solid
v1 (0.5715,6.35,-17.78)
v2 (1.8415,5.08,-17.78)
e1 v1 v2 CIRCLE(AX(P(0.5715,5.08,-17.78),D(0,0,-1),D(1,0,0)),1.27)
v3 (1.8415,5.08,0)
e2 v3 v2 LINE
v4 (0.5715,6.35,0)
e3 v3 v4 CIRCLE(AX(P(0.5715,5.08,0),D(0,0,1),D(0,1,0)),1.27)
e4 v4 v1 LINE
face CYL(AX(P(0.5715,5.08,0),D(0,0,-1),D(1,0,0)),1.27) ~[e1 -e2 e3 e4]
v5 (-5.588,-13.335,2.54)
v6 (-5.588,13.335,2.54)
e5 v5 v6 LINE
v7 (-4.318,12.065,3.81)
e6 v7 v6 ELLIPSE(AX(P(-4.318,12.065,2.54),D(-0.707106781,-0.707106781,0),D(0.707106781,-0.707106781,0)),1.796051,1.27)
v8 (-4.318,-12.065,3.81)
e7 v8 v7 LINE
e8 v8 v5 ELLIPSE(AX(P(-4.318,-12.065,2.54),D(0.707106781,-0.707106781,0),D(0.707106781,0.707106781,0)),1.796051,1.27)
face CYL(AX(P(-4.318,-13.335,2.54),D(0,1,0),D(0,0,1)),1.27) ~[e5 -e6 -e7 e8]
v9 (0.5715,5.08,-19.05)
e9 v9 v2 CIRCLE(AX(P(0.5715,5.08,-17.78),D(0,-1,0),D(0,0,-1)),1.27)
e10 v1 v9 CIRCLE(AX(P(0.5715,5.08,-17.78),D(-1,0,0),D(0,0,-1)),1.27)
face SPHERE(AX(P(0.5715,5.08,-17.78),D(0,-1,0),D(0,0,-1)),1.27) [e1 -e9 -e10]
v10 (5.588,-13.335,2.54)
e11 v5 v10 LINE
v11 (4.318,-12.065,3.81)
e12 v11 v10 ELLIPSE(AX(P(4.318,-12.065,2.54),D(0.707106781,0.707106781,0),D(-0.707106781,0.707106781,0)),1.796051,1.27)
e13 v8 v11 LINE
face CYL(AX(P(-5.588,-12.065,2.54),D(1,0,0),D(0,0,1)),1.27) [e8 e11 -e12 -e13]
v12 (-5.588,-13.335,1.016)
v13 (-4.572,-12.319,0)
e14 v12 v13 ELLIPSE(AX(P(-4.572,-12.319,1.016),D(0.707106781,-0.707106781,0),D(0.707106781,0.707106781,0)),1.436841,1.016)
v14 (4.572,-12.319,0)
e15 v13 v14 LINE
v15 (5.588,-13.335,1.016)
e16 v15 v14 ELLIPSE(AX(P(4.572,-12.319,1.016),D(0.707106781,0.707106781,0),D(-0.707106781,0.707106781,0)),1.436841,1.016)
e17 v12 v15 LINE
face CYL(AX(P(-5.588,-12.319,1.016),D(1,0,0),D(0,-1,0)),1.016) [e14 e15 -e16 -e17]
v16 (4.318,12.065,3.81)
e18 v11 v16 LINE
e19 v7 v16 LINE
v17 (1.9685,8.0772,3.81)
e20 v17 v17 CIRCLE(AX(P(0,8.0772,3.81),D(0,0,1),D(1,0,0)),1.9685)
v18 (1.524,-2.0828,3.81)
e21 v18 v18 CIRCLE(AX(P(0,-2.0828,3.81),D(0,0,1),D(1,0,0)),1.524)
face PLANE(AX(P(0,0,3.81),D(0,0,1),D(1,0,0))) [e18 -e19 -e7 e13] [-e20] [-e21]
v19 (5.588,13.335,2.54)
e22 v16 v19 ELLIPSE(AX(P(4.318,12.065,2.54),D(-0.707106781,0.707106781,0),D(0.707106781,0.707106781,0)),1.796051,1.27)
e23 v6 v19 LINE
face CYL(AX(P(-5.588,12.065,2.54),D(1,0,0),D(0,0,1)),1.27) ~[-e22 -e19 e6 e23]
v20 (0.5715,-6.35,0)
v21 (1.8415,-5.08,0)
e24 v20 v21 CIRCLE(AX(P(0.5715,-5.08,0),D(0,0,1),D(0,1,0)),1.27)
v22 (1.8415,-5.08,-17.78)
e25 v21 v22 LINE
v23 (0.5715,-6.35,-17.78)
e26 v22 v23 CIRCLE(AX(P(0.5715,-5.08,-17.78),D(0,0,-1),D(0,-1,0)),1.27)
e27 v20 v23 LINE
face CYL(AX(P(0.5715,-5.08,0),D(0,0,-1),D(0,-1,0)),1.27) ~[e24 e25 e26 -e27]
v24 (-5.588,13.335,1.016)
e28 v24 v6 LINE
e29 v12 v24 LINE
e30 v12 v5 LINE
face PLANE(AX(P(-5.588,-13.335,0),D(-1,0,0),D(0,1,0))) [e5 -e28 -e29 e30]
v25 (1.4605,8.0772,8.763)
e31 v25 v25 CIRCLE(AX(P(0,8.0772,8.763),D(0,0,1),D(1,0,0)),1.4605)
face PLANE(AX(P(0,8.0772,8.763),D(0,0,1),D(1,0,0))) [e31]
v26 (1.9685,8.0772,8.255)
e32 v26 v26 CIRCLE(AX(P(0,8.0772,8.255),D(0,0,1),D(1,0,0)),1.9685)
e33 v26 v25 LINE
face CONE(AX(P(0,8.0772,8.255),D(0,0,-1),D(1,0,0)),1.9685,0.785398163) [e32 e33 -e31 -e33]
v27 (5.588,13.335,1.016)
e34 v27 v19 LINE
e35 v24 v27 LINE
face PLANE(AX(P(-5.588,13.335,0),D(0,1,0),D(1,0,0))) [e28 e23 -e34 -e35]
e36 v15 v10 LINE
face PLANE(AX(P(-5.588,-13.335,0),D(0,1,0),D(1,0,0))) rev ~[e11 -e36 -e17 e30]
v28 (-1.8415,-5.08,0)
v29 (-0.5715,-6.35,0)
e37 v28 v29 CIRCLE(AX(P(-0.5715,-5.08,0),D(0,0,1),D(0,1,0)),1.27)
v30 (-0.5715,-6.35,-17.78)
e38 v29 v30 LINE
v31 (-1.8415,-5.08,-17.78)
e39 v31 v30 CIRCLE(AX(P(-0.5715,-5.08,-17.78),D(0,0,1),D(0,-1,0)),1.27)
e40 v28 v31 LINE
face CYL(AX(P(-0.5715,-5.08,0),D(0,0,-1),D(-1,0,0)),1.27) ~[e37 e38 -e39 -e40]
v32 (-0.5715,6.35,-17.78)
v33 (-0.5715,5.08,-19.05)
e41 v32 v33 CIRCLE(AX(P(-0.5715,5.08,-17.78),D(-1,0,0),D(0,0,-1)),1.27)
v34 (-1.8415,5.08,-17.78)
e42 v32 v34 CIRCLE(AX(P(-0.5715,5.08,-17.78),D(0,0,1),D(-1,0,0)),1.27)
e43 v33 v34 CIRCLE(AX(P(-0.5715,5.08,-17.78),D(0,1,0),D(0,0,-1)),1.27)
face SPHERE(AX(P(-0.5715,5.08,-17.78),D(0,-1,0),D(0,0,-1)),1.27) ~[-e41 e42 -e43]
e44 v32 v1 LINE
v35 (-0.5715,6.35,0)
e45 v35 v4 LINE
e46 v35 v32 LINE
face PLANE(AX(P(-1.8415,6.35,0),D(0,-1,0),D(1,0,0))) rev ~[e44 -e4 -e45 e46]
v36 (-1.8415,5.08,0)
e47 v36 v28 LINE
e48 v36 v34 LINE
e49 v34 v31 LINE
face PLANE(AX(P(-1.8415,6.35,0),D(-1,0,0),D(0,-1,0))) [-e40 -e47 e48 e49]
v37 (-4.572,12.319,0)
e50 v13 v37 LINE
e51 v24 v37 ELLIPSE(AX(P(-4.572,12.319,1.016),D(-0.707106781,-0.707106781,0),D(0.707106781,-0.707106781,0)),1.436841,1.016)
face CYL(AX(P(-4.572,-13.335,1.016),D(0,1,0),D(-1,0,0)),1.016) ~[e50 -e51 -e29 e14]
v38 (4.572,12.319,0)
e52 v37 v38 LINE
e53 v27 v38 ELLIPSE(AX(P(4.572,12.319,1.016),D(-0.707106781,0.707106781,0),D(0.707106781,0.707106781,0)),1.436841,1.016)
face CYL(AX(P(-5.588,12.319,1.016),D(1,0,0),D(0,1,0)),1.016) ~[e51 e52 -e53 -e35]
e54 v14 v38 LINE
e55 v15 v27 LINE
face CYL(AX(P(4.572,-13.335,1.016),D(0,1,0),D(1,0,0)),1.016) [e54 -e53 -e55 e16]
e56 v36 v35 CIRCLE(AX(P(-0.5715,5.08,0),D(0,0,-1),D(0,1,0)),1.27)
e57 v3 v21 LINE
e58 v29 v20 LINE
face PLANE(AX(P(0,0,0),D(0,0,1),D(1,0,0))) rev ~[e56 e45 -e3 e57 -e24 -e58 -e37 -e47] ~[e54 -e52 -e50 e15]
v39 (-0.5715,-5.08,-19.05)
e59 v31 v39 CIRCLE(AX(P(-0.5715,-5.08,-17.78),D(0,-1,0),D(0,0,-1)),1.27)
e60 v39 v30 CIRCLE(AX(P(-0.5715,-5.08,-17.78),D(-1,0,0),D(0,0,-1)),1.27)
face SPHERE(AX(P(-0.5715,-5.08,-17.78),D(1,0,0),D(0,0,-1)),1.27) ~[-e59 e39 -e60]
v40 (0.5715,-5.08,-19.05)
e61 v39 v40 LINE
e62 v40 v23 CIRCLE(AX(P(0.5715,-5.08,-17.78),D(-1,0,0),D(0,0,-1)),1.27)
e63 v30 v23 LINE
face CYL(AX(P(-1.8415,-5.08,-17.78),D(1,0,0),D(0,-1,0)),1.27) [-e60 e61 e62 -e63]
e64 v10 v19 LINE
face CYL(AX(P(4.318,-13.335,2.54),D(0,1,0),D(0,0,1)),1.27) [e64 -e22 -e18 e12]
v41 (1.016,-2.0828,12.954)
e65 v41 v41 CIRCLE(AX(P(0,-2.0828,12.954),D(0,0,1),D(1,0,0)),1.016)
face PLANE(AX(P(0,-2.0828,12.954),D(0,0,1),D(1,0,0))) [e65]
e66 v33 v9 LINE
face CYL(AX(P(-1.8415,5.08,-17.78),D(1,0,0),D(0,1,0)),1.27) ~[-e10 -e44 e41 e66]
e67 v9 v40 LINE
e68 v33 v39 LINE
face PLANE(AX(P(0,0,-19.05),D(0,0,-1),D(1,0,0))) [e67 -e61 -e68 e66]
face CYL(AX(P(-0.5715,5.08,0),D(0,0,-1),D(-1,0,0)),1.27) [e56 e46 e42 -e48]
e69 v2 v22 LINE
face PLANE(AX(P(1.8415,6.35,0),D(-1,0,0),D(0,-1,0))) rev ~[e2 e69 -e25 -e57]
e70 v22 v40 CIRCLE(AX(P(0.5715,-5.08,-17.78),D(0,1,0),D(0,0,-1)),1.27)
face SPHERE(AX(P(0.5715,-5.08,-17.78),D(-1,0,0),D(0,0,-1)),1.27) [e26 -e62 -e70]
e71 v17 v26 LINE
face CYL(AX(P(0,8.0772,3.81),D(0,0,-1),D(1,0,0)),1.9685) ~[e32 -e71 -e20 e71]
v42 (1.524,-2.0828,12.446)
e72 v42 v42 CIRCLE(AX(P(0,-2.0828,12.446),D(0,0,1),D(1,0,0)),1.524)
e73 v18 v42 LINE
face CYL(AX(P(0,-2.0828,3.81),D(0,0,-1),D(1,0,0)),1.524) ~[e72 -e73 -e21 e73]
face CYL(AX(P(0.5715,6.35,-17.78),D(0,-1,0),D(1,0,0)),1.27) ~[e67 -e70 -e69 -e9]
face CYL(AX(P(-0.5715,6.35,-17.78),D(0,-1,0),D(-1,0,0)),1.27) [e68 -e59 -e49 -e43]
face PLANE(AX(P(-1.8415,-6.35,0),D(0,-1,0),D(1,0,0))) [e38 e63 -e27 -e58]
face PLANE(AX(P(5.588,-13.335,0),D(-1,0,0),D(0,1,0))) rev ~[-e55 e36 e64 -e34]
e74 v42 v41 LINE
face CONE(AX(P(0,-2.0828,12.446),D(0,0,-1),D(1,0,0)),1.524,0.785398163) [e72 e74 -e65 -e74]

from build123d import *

# Parameters (mm, degrees)
F0_W     = 11.176
F0_H     = 26.67
F1_DEPTH = 3.81
F2_R     = 1.9685
F3_DEPTH = 4.953
F2_R_2   = 1.524
F4_DEPTH = 9.144
F5_SIZE  = 0.508
F6_R     = 1.27
F7_R     = 1.016
F8_W     = 3.683
F8_H     = 12.7
F9_DEPTH = 19.05
F10_R    = 1.27


with BuildPart() as f1:
    # F0 (on Top) → F1 (new body)
    with BuildSketch(Plane.XY):
        Rectangle(F0_W, F0_H)
    extrude(amount=F1_DEPTH)

    # F2 (on face) → F3 (join)
    with BuildSketch(Plane.XY.offset(3.81)):
        with Locations((0, 8.0772)):
            Circle(F2_R)
    extrude(amount=F3_DEPTH)

    # F2 (on face) → F4 (join)
    with BuildSketch(Plane.XY.offset(3.81)):
        with Locations((0, -2.0828)):
            Circle(F2_R_2)
    extrude(amount=F4_DEPTH)

    # F5
    f5_edges = [f1.edges().sort_by_distance(p)[0] for p in [
        (-1.9685, 8.0772, 8.763),
        (-1.524, -2.0828, 12.954),
    ]]
    chamfer(f5_edges, length=F5_SIZE)

    # F6
    f6_edges = [f1.edges().sort_by_distance(p)[0] for p in [
        (0, 13.335, 3.81),
        (5.588, 0, 3.81),
        (0, -13.335, 3.81),
        (-5.588, 0, 3.81),
    ]]
    fillet(f6_edges, radius=F6_R)

    # F7
    f7_edges = [f1.edges().sort_by_distance(p)[0] for p in [
        (0, 13.335, 0),
        (5.588, 0, 0),
        (0, -13.335, 0),
        (-5.588, 0, 0),
    ]]
    fillet(f7_edges, radius=F7_R)

    # F8 (on face) → F9 (join)
    with BuildSketch(Plane(origin=(0, 0, 0), x_dir=(1, 0, 0), z_dir=(0, 0, -1))):
        Rectangle(F8_W, F8_H)
    extrude(amount=F9_DEPTH)

    # F10
    f10_edges = [f1.edges().sort_by_distance(p)[0] for p in [
        (0, -6.35, -19.05),
        (-1.8415, 0, -19.05),
        (1.8415, 0, -19.05),
        (0, 6.35, -19.05),
        (-1.8415, -6.35, -9.525),
        (1.8415, -6.35, -9.525),
        (1.8415, 6.35, -9.525),
        (-1.8415, 6.35, -9.525),
    ]]
    fillet(f10_edges, radius=F10_R)


solid = f1.part
